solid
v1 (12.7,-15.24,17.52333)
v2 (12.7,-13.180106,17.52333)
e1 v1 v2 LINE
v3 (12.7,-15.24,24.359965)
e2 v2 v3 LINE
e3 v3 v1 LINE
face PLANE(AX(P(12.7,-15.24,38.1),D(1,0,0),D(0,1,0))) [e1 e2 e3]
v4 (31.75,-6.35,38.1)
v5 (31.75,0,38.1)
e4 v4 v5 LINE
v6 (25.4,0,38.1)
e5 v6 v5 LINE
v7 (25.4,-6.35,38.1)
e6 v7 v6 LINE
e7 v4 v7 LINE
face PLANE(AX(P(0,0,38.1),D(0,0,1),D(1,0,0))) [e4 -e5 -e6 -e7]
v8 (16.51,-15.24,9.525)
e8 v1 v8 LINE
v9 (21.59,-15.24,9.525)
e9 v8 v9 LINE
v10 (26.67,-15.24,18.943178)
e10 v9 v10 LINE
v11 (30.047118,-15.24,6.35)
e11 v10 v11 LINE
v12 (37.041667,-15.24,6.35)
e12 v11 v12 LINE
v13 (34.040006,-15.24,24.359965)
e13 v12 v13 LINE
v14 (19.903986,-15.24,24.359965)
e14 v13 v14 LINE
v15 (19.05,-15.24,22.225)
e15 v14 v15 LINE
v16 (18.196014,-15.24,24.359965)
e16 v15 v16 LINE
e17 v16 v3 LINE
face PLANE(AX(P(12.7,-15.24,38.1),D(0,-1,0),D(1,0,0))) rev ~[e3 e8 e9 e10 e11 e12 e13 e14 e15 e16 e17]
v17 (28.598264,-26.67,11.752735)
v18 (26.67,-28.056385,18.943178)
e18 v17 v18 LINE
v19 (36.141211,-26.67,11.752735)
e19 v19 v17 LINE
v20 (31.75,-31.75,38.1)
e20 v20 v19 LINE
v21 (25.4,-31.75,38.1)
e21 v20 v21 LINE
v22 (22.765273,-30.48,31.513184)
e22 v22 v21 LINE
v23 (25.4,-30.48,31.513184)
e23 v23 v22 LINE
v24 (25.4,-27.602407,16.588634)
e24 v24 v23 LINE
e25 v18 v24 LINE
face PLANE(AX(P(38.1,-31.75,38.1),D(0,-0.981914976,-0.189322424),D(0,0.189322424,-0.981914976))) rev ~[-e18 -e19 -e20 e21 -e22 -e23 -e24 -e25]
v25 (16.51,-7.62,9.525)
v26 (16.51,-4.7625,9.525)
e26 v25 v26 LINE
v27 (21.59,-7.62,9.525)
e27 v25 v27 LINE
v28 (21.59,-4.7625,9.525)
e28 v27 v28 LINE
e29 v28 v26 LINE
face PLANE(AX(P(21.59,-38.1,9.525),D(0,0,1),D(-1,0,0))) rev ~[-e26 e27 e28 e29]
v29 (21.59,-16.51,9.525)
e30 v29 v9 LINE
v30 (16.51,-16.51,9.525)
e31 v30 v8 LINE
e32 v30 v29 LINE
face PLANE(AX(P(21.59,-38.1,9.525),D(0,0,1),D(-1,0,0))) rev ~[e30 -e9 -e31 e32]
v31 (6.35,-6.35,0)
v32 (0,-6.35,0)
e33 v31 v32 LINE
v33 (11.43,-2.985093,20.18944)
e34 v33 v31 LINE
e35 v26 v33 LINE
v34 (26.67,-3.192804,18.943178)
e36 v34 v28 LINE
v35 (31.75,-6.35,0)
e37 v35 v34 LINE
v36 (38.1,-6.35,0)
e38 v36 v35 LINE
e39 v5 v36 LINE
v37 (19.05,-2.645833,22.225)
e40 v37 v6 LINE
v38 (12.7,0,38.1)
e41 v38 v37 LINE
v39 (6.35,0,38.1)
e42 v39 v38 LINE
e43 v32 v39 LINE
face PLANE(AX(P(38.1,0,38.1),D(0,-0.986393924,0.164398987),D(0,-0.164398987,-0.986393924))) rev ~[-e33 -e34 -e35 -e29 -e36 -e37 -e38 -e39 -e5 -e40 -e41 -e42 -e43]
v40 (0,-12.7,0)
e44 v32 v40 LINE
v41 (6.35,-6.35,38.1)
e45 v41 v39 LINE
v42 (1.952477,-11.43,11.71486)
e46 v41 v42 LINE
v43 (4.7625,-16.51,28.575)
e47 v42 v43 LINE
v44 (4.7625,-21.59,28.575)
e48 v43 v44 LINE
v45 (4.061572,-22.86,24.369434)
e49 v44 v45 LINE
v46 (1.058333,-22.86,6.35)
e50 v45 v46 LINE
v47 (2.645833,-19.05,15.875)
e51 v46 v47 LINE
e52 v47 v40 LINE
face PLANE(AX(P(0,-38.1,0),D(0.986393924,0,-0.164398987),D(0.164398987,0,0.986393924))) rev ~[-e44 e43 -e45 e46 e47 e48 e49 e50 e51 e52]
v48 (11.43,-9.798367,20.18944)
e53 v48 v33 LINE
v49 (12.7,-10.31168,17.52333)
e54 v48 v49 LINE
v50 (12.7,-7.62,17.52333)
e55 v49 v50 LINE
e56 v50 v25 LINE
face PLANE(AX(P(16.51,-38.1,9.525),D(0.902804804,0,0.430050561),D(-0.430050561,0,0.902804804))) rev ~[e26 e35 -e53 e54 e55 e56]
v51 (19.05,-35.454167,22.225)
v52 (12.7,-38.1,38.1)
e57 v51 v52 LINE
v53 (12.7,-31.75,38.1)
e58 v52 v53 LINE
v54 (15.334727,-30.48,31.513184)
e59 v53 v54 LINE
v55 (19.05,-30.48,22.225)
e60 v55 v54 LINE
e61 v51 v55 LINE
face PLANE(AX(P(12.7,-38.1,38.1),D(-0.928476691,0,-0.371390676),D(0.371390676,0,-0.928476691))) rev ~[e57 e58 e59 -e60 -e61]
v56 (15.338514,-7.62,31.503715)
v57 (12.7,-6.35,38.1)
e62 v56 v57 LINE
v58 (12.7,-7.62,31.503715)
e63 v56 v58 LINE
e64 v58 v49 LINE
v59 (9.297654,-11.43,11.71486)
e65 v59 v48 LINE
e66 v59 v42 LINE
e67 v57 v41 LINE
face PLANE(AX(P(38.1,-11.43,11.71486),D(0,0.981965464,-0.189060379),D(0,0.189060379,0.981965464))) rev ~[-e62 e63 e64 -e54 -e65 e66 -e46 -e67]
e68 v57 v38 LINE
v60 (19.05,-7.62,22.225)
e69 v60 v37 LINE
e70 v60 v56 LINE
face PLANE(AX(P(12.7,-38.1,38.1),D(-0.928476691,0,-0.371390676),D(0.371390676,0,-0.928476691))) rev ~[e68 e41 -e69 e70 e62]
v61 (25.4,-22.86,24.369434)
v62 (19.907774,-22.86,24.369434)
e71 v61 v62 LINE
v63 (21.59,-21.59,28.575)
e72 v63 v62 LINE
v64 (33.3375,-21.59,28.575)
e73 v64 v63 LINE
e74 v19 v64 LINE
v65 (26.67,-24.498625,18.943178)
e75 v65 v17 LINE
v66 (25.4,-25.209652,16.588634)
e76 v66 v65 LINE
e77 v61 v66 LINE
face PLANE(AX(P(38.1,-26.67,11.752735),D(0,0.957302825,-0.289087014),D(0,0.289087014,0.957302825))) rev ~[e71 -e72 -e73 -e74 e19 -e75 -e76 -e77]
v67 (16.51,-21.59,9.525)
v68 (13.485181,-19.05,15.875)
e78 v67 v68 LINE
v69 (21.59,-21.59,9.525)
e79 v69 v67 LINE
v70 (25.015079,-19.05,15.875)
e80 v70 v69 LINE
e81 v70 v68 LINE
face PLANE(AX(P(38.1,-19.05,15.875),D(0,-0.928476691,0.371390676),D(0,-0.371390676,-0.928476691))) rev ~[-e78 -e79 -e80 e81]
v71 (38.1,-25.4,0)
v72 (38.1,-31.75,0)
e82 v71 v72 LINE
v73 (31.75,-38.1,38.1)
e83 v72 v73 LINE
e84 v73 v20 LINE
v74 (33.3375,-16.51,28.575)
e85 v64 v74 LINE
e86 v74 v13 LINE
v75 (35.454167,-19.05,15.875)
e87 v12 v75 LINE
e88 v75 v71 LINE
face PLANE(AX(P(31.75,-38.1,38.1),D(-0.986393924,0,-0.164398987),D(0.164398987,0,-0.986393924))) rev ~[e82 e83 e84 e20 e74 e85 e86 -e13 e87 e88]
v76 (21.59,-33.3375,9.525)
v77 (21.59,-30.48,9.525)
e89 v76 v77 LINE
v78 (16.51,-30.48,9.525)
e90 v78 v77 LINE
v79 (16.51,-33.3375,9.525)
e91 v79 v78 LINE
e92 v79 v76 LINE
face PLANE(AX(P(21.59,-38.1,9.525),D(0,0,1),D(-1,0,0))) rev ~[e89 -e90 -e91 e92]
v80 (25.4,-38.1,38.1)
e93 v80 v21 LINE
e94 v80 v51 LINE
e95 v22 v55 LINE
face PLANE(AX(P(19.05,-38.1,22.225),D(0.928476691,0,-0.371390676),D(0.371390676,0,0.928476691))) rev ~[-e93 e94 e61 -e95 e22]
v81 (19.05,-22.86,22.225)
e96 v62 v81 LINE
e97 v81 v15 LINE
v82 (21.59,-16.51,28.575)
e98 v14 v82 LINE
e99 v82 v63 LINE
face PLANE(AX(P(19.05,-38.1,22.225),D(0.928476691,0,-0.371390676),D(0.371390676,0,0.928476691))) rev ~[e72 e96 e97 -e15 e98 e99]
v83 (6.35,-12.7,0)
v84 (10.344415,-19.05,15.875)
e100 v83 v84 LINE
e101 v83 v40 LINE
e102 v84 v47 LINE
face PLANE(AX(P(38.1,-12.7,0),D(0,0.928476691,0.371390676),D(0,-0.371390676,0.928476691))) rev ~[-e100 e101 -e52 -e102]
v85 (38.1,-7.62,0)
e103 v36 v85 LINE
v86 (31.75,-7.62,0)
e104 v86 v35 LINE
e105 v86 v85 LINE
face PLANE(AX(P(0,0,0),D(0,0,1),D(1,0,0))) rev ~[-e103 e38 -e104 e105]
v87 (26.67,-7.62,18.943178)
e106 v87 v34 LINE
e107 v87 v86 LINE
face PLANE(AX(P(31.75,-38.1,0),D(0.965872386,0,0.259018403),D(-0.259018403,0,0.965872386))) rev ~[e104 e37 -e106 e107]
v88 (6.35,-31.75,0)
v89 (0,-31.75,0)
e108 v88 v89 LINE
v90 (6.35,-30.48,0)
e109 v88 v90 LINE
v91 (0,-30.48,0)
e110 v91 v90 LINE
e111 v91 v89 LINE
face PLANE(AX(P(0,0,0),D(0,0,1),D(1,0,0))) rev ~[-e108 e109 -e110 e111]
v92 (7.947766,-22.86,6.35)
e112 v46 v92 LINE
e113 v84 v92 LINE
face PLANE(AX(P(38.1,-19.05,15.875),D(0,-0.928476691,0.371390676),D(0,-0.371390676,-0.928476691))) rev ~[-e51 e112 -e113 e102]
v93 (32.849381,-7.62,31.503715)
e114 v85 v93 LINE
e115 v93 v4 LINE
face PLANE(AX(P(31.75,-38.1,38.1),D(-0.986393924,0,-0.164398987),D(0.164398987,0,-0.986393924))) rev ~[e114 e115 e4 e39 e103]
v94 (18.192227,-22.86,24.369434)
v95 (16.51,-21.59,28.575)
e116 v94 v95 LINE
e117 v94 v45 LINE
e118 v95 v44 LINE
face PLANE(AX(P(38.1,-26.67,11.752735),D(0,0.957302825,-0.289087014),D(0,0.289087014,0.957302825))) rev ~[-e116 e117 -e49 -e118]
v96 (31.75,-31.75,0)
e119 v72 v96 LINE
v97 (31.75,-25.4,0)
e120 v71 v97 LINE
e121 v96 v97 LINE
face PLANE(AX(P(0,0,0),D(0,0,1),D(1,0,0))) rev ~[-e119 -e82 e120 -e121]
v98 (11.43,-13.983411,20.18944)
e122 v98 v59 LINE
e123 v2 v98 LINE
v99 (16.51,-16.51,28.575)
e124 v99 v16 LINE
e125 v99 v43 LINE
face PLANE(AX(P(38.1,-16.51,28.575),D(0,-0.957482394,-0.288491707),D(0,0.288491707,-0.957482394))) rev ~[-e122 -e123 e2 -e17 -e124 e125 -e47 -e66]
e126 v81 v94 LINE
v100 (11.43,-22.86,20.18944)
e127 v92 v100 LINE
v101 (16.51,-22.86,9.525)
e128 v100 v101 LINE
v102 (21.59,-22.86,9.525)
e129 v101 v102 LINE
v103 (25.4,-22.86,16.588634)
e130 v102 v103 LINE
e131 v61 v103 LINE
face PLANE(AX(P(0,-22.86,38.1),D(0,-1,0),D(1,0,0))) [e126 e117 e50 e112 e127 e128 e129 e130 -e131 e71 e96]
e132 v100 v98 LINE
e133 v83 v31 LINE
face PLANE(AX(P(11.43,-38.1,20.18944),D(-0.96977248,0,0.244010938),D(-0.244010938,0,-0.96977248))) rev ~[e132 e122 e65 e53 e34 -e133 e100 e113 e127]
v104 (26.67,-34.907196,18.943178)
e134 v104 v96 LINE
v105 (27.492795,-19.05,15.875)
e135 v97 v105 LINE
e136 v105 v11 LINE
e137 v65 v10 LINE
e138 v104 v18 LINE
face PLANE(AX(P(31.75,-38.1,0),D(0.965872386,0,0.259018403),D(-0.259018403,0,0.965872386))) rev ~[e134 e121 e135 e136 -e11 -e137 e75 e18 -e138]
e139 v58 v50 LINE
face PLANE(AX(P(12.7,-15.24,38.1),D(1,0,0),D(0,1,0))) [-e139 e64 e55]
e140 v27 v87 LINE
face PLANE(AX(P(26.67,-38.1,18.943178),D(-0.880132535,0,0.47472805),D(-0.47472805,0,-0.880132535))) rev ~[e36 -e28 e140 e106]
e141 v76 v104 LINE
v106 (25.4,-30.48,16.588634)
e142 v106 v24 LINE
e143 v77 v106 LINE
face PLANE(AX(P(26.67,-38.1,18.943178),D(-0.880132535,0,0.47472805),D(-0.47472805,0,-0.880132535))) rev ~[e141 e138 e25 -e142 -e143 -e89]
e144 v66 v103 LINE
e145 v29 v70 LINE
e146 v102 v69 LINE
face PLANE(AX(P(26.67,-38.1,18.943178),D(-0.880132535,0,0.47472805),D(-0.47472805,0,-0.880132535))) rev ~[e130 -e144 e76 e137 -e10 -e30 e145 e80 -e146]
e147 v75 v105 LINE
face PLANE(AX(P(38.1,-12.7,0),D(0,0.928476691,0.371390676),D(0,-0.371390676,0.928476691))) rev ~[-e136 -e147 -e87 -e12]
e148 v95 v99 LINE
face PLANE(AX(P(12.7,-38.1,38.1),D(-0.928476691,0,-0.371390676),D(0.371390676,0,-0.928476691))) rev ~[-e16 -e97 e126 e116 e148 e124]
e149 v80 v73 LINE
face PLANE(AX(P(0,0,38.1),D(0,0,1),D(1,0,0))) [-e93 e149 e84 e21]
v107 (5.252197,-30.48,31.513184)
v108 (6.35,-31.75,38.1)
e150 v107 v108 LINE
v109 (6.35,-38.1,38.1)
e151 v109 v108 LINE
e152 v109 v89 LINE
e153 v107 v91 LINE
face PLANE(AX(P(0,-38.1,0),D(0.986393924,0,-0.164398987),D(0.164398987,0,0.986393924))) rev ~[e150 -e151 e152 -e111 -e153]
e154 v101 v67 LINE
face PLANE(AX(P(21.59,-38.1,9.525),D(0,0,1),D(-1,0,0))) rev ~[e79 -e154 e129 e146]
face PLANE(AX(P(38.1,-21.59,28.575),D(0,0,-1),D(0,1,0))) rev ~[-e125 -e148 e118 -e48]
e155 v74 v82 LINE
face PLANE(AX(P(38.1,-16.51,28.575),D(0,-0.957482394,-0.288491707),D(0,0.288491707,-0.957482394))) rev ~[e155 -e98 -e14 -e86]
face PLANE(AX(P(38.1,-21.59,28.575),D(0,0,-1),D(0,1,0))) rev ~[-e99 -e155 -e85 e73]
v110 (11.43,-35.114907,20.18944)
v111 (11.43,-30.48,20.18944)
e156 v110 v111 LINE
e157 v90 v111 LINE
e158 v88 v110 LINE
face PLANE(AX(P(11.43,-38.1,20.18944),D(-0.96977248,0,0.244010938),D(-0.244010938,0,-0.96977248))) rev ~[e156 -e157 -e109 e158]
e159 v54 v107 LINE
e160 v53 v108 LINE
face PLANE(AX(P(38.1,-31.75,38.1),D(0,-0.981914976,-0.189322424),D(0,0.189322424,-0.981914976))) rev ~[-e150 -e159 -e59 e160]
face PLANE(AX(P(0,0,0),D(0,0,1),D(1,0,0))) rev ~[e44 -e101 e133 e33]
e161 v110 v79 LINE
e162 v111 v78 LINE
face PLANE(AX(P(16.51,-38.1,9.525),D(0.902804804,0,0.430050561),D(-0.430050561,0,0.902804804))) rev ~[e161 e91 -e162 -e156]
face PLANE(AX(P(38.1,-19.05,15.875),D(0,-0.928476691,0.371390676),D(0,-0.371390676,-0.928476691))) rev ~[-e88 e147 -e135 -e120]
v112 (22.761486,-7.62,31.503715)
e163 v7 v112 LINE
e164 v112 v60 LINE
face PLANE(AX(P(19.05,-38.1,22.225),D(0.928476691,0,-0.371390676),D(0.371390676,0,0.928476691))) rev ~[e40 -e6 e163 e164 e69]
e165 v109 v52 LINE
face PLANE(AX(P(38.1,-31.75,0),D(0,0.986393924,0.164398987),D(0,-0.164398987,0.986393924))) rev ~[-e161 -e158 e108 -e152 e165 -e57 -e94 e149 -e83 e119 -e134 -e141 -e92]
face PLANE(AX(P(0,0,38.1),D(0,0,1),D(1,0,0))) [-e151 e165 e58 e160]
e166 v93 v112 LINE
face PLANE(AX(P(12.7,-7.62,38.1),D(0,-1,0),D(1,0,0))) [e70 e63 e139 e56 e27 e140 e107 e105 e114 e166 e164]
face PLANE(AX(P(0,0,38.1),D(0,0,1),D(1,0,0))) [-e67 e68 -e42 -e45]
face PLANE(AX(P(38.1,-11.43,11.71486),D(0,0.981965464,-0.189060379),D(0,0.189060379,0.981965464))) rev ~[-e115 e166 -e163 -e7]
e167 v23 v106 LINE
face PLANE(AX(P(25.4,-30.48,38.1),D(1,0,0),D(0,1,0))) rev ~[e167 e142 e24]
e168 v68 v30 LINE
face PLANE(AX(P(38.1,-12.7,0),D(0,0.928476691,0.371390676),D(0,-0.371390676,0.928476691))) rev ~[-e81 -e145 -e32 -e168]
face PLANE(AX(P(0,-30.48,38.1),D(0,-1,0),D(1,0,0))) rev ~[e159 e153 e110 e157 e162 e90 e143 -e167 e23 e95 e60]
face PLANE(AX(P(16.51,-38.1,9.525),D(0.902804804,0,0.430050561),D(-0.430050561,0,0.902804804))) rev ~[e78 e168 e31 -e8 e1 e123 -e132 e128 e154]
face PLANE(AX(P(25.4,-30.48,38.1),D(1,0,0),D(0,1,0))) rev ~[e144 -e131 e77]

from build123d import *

# Parameters (mm, degrees)
F0_W      = 38.1
F0_H      = 38.1
F1_DEPTH  = 38.1
F6_DEPTH  = 38.1
F8_DEPTH  = 38.1
F9_W      = 25.4
F9_H      = 7.62
F10_DEPTH = 38.1


with BuildPart() as f1:
    # F0 (on Front) → F1 (new body)
    with BuildSketch(Plane.XZ):
        with Locations((19.05, 19.05)):
            Rectangle(F0_W, F0_H)
    extrude(amount=F1_DEPTH)

    # F5 (on offset) → F6 (cut)
    with BuildSketch(Plane.YZ.offset(38.1)):
        Polygon((-31.75, 0), (-38.1, 38.1), (-38.1, 0), align=None)
        Polygon((-11.43, 11.71486), (-6.35, 38.1), (-31.75, 38.1), (-26.67, 11.752735), (-21.59, 28.575), (-16.51, 28.575), align=None)
        Polygon((-25.4, 0), (-12.7, 0), (-19.05, 15.875), align=None)
        Polygon((-6.35, 0), (0, 0), (0, 38.1), align=None)
    extrude(amount=-F6_DEPTH, mode=Mode.SUBTRACT)

    # F7 (on offset) → F8 (cut)
    with BuildSketch(Plane.XZ.offset(38.1)):
        Polygon((0, 38.1), (0, 0), (6.35, 38.1), align=None)
        Polygon((25.4, 38.1), (12.7, 38.1), (19.05, 22.225), align=None)
        Polygon((31.75, 38.1), (38.1, 0), (38.1, 38.1), align=None)
        Polygon((11.43, 20.18944), (6.35, 0), (31.75, 0), (26.67, 18.943178), (21.59, 9.525), (16.51, 9.525), align=None)
    extrude(amount=-F8_DEPTH, mode=Mode.SUBTRACT)

    # F9 (on offset) → F10 (cut)
    with BuildSketch(Plane.XY.offset(38.1)):
        with Locations((25.4, -11.43)):
            Rectangle(F9_W, F9_H)
        with Locations((12.7, -26.67)):
            Rectangle(F9_W, F9_H)
    extrude(amount=-F10_DEPTH, mode=Mode.SUBTRACT)


solid = f1.part
